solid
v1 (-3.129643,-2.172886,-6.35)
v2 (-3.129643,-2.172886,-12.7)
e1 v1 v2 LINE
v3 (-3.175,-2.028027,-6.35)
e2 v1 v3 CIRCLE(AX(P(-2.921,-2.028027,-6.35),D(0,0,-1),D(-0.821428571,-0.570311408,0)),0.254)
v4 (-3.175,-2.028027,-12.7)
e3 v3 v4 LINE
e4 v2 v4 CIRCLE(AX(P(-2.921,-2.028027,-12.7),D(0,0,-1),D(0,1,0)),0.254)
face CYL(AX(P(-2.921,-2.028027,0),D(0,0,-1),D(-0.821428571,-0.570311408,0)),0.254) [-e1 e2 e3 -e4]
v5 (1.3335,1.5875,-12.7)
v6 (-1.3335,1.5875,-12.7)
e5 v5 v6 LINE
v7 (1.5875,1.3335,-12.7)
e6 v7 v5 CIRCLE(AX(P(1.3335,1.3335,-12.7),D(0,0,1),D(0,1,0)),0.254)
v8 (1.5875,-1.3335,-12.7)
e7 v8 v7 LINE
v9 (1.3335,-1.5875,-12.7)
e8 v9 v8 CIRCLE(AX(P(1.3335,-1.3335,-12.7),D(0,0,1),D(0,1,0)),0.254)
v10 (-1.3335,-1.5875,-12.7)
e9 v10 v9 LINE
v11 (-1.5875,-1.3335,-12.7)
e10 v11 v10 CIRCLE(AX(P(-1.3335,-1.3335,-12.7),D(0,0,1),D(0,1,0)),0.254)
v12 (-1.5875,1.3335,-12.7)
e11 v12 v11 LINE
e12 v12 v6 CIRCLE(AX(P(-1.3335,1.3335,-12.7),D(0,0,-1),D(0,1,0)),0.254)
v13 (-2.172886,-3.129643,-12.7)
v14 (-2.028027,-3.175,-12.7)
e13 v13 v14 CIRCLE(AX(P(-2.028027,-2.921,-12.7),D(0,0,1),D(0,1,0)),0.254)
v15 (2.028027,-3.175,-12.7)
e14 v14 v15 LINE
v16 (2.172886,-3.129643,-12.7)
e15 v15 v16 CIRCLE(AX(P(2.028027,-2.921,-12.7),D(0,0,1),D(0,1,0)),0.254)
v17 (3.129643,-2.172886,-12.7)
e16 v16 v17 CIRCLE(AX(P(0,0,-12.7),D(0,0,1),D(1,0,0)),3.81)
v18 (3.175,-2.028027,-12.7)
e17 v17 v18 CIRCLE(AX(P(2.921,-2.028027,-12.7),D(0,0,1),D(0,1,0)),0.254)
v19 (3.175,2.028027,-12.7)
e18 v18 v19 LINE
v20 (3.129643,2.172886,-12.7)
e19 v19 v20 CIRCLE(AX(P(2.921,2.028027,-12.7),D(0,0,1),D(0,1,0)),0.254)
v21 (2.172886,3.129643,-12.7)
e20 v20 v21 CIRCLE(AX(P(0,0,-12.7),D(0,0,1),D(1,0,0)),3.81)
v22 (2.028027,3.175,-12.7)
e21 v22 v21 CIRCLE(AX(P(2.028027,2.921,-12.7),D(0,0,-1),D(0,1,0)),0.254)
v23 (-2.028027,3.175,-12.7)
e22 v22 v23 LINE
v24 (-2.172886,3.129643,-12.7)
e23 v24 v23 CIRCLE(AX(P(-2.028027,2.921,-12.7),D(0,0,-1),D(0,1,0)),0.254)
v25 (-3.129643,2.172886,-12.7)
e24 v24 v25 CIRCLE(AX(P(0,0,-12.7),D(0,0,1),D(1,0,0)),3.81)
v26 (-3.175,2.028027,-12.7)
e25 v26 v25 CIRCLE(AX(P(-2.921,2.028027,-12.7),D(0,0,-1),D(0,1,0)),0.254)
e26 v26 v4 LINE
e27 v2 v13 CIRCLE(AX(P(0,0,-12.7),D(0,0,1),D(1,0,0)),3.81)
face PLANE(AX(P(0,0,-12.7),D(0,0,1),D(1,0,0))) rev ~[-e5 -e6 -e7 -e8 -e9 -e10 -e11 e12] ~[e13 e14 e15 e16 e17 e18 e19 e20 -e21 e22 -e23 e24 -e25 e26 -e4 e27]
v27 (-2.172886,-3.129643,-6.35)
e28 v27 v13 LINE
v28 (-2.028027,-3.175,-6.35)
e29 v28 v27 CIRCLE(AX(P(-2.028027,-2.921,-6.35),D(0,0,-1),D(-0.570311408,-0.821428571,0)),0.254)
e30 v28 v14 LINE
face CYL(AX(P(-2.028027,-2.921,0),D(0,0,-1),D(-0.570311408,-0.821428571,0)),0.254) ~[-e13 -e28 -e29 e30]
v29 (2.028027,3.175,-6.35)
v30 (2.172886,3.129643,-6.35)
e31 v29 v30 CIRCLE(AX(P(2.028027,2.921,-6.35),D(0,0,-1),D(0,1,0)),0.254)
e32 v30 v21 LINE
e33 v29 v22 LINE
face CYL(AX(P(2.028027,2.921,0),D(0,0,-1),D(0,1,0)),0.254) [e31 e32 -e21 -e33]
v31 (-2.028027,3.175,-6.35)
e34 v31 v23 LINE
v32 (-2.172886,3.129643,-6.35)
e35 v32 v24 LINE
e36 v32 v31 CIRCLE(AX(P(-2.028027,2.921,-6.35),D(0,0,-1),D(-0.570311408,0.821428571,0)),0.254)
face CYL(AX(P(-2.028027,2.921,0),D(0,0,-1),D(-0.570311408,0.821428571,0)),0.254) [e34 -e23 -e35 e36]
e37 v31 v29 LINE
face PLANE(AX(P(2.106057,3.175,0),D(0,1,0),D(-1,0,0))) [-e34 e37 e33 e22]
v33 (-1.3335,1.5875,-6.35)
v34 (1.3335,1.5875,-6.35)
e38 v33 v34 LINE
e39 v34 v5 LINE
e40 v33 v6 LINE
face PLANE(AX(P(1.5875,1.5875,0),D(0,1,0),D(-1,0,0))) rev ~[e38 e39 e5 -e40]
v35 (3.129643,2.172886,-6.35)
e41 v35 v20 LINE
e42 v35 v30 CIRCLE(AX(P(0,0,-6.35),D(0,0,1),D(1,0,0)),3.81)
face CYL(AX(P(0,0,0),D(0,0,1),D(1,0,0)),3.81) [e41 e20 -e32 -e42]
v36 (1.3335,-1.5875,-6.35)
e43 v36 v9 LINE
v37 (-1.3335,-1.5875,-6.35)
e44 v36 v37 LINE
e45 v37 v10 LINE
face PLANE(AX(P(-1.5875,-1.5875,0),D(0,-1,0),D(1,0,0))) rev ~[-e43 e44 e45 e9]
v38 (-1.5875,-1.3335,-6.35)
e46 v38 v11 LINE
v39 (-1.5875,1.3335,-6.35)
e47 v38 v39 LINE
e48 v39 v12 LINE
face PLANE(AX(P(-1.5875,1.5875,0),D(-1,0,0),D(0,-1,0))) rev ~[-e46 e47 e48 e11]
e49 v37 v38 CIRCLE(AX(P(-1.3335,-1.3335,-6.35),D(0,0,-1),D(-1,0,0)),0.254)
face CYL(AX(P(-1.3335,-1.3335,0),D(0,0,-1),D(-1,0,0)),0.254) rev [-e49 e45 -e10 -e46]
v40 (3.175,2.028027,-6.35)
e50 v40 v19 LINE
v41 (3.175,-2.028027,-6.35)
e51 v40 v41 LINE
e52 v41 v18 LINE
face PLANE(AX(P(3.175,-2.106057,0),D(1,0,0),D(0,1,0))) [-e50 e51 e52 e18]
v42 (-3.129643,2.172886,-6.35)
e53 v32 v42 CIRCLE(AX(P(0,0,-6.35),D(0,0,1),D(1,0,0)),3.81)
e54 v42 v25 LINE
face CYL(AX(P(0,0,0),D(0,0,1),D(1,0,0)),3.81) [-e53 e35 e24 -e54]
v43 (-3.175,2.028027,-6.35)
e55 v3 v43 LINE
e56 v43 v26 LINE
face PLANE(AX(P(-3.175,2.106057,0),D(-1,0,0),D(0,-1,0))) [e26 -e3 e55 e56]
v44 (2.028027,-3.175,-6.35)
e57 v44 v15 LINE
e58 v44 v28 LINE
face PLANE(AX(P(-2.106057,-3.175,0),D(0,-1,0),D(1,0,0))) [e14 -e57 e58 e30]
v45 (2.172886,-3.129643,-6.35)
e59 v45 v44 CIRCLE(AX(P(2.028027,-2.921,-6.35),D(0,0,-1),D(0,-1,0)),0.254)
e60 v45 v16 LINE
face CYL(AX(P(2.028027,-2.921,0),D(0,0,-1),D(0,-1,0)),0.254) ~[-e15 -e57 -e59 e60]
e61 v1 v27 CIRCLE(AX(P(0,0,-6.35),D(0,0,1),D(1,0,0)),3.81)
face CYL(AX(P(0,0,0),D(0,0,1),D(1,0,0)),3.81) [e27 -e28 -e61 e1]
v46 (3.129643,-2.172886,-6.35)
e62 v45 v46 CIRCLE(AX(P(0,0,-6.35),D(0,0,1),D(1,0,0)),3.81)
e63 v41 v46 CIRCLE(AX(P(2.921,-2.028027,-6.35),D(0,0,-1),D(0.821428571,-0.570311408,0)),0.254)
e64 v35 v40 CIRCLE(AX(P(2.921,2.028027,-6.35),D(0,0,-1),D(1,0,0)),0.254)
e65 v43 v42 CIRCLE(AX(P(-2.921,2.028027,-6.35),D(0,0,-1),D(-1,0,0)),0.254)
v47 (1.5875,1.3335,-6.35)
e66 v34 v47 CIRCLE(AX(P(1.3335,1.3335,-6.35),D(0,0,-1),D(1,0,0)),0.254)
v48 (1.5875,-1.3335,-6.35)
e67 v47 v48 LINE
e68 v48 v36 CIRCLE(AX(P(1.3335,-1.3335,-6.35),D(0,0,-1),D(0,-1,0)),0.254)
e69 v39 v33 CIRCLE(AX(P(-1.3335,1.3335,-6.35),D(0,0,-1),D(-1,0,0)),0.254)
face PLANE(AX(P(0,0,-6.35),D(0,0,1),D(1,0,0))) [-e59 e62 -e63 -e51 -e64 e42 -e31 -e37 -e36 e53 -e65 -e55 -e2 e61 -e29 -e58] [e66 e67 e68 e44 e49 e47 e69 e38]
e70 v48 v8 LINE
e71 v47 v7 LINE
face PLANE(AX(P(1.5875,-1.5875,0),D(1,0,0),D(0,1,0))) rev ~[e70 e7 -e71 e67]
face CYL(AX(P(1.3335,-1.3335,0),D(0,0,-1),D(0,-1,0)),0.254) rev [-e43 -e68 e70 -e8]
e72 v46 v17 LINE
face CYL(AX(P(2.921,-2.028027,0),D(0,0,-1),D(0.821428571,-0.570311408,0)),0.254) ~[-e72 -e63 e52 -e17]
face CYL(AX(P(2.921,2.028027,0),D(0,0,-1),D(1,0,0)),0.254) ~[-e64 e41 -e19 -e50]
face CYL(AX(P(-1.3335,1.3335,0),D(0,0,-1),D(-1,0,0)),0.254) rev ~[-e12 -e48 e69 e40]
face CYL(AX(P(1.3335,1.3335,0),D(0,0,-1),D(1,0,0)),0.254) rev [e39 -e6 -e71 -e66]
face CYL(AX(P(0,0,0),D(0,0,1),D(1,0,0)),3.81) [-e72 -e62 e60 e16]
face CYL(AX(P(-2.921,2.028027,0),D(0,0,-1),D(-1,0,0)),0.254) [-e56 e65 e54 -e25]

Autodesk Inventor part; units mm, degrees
ref_plane "YZ Plane" through (0, 0, 0) normal (1, 0, 0) x (0, 1, 0)
ref_plane "XZ Plane" through (0, 0, 0) normal (0, 1, 0) x (-1, 0, 0)
ref_plane "XY Plane" through (0, 0, 0) normal (0, 0, 1) x (1, 0, 0)
sketch "Sketch1" plane through (0, 0, 0) normal (0, 0, 1) x (1, 0, 0)
  line L0 (-3.175, -3.175) -> (3.175, -3.175)
  line L1 (3.175, -3.175) -> (3.175, 3.175)
  line L2 (3.175, 3.175) -> (-3.175, 3.175)
  line L3 (-3.175, 3.175) -> (-3.175, -3.175)
  line L4 (-3.175, -3.175) -> (3.175, 3.175) construction
  line L5 (3.175, -3.175) -> (-3.175, 3.175) construction
  circle A0 centre (0, 0) radius 3.81
  point P0 (2.1061, -3.175)
  point P1 (3.175, -2.1061)
  point P2 (3.175, 2.1061)
  point P3 (2.1061, 3.175)
  point P4 (-2.1061, 3.175)
  point P5 (-3.175, 2.1061)
  point P6 (-3.175, -2.1061)
  point P7 (-2.1061, -3.175)
  dimension "d0" = 7.62
  dimension "d1" = 6.35
extrude "Extrusion1" add sketch "Sketch1" against normal blind 12.7 contours A0 L3 L2 L1 L0
sketch "Sketch2" plane through (0, 0, 0) normal (0, 0, 1) x (1, 0, 0)
  arc A0 (-3.175, -2.1061) -> (-2.1061, -3.175) centre (0, 0) ccw construction
  line L0 (-1.5875, -1.5875) -> (1.5875, -1.5875)
  line L1 (1.5875, -1.5875) -> (1.5875, 1.5875)
  line L2 (1.5875, 1.5875) -> (-1.5875, 1.5875)
  line L3 (-1.5875, 1.5875) -> (-1.5875, -1.5875)
  line L4 (-1.5875, -1.5875) -> (1.5875, 1.5875) construction
  line L5 (1.5875, -1.5875) -> (-1.5875, 1.5875) construction
  dimension "d7" = 3.175
extrude "Extrusion2" cut sketch "Sketch2" against normal blind 12.7
fillet "Fillet1" radius 0.254 12 edges at (-1.5875, -1.5875, -6.35) (-1.5875, 1.5875, -6.35) (1.5875, 1.5875, -6.35) (1.5875, -1.5875, -6.35) (2.1061, 3.175, -6.35) (3.175, 2.1061, -6.35) (3.175, -2.1061, -6.35) (2.1061, -3.175, -6.35) (-2.1061, -3.175, -6.35) (-3.175, -2.1061, -6.35) (-3.175, 2.1061, -6.35) (-2.1061, 3.175, -6.35)
sketch "Sketch3" plane through (0, 0, 0) normal (0, 0, 1) x (1, 0, 0)
  line L0 (-7.3828, 5.7639) -> (4.9041, 5.7639)
  line L1 (4.9041, 5.7639) -> (4.9041, -5.3132)
  line L2 (4.9041, -5.3132) -> (-7.3828, -5.3132)
  line L3 (-7.3828, -5.3132) -> (-7.3828, 5.7639)
  point P0 (0, 0)
extrude "Extrusion3" cut sketch "Sketch3" against normal blind 6.35
properties part number "HS Shaft Adapter Square"
